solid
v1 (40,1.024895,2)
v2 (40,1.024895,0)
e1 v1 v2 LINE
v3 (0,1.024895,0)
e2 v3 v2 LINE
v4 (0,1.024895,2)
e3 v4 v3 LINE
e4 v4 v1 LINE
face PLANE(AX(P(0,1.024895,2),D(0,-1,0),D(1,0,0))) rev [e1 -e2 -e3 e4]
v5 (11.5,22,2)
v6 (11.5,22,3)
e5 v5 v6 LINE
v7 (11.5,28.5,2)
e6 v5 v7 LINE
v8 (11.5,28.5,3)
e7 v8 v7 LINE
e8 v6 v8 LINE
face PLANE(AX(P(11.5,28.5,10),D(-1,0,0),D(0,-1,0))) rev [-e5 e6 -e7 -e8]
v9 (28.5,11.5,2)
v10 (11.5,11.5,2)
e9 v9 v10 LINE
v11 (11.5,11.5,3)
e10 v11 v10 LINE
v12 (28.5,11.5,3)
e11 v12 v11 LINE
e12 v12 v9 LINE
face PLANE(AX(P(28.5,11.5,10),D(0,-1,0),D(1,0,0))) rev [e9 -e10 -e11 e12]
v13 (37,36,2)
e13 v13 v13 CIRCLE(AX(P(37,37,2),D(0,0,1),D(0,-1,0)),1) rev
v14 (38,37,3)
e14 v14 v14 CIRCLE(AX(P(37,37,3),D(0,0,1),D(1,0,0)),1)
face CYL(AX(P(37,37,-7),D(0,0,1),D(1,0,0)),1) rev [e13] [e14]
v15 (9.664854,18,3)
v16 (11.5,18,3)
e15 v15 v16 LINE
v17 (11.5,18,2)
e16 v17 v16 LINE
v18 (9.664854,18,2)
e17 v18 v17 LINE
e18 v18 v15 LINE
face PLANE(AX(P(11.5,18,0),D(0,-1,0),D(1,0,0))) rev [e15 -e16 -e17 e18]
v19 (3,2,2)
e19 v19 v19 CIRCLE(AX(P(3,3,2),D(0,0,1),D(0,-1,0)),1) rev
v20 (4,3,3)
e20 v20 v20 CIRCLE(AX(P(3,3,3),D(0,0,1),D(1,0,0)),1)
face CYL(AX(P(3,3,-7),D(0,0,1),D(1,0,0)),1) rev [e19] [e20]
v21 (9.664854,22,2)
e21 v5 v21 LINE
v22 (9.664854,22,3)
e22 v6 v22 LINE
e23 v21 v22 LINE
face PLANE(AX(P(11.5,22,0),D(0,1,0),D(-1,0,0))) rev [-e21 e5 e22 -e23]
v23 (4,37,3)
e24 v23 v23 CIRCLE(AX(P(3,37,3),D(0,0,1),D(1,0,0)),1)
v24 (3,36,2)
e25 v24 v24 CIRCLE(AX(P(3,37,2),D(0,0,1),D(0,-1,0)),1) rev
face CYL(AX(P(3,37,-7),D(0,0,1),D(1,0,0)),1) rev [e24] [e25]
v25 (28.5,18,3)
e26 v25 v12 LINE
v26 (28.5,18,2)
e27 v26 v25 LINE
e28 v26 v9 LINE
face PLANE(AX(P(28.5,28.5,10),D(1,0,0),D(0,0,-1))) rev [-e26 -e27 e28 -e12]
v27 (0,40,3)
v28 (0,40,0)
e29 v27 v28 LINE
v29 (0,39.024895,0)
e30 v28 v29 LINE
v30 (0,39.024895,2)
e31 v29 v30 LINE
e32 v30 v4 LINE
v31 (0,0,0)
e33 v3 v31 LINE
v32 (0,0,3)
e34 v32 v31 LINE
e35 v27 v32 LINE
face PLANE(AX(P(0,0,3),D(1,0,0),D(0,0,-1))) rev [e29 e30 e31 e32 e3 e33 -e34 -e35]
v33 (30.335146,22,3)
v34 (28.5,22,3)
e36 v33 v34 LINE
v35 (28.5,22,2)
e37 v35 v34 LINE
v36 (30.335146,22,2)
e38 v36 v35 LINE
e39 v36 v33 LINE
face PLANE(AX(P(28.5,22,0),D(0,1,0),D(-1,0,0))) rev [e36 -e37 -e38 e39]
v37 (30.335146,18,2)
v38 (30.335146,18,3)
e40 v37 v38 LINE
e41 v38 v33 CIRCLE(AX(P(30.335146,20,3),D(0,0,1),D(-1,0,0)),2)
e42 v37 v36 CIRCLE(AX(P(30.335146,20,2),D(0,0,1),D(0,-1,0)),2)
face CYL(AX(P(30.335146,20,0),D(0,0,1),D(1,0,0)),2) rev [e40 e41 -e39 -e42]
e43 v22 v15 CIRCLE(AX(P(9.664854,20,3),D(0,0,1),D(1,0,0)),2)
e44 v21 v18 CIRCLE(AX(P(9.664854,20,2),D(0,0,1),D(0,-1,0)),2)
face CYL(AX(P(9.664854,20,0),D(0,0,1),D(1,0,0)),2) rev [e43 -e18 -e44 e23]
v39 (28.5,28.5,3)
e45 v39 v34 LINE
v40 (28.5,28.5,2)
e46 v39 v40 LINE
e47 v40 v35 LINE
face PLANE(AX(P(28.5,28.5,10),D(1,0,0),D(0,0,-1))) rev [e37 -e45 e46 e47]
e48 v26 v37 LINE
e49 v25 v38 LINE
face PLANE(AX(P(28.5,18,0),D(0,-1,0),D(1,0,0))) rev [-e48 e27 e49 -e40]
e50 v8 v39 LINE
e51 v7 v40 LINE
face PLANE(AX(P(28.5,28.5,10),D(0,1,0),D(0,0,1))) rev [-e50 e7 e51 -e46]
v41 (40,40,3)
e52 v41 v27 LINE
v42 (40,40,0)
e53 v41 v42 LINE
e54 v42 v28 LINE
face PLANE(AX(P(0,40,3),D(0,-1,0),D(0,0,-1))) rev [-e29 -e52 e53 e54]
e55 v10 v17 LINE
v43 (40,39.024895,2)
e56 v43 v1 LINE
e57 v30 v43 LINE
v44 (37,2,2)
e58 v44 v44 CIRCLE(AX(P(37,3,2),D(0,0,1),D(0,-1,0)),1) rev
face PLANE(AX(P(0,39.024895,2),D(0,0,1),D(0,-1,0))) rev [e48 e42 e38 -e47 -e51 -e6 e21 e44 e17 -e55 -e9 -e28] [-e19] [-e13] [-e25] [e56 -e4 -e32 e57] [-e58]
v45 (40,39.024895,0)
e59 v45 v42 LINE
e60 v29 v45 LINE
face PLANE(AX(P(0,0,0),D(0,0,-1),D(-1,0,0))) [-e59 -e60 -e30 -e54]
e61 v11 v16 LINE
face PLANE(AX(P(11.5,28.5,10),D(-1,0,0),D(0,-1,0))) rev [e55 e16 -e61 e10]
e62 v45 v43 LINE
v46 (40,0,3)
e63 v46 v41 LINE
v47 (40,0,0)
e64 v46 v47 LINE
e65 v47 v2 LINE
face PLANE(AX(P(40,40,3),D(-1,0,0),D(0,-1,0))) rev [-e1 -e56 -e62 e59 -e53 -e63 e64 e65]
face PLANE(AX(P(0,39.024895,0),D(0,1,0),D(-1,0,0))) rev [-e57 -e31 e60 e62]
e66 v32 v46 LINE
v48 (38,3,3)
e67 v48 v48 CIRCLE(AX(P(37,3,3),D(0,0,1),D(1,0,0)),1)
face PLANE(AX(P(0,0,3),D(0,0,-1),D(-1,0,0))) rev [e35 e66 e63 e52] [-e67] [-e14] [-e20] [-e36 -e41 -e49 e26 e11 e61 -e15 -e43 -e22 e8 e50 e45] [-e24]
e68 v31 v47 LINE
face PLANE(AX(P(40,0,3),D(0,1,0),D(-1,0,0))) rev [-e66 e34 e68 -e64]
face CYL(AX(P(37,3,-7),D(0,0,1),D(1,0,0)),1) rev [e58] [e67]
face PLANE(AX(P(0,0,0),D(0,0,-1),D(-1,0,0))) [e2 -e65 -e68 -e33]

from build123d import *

# Parameters (mm, degrees)
SKETCH1_W           = 40
SKETCH1_H           = 40
BOSS_EXTRUDE1_DEPTH = 3
SKETCH2_R           = 1
CUT_EXTRUDE1_DEPTH  = 10
SKETCH3_W           = 17
SKETCH3_H           = 17
CUT_EXTRUDE3_DEPTH  = 10
SKETCH4_W           = 2
SKETCH4_H           = 38
CUT_EXTRUDE4_DEPTH  = 41
CUT_EXTRUDE5_DEPTH  = 4


with BuildPart() as part:
    # Sketch1 → Boss-Extrude1 (new body)
    with BuildSketch(Plane.XY):
        with Locations((20, 20)):
            Rectangle(SKETCH1_W, SKETCH1_H)
    extrude(amount=BOSS_EXTRUDE1_DEPTH)

    # Sketch2 → Cut-Extrude1 (cut)
    with BuildSketch(Plane.XY.offset(3)):
        with Locations((3, 37)):
            Circle(SKETCH2_R)
        with Locations((3, 3)):
            Circle(SKETCH2_R)
        with Locations((37, 37)):
            Circle(SKETCH2_R)
        with Locations((37, 3)):
            Circle(SKETCH2_R)
    extrude(amount=-CUT_EXTRUDE1_DEPTH, mode=Mode.SUBTRACT)

    # Sketch3 → Cut-Extrude3 (cut)
    with BuildSketch(Plane(origin=(0, 0, 0), x_dir=(-1, 0, 0), z_dir=(0, 0, -1))):
        with Locations((-20, 20)):
            Rectangle(SKETCH3_W, SKETCH3_H)
    extrude(amount=-CUT_EXTRUDE3_DEPTH, mode=Mode.SUBTRACT)

    # Sketch4 → Cut-Extrude4 (cut, through all)
    with BuildSketch(Plane(origin=(40, 0, 0), x_dir=(0, 0, -1), z_dir=(1, 0, 0))):
        with Locations((-1, 20.024894978)):
            Rectangle(SKETCH4_W, SKETCH4_H)
    extrude(amount=-CUT_EXTRUDE4_DEPTH, mode=Mode.SUBTRACT)

    # Sketch7 → Cut-Extrude5 (cut, through all)
    with BuildSketch(Plane.XY.offset(3)):
        with BuildLine():
            Line((11.5, 22), (9.66485435, 22))
            ThreePointArc((9.66485435, 22), (7.66485435, 20), (9.66485435, 18))
            Line((9.66485435, 18), (11.5, 18))
            Line((11.5, 18), (11.5, 22))
        make_face()
        with BuildLine():
            Line((28.5, 22), (30.33514565, 22))
            ThreePointArc((30.33514565, 22), (32.33514565, 20), (30.33514565, 18))
            Line((30.33514565, 18), (28.5, 18))
            Line((28.5, 18), (28.5, 22))
        make_face()
    extrude(amount=-CUT_EXTRUDE5_DEPTH, mode=Mode.SUBTRACT)


solid = part.part
